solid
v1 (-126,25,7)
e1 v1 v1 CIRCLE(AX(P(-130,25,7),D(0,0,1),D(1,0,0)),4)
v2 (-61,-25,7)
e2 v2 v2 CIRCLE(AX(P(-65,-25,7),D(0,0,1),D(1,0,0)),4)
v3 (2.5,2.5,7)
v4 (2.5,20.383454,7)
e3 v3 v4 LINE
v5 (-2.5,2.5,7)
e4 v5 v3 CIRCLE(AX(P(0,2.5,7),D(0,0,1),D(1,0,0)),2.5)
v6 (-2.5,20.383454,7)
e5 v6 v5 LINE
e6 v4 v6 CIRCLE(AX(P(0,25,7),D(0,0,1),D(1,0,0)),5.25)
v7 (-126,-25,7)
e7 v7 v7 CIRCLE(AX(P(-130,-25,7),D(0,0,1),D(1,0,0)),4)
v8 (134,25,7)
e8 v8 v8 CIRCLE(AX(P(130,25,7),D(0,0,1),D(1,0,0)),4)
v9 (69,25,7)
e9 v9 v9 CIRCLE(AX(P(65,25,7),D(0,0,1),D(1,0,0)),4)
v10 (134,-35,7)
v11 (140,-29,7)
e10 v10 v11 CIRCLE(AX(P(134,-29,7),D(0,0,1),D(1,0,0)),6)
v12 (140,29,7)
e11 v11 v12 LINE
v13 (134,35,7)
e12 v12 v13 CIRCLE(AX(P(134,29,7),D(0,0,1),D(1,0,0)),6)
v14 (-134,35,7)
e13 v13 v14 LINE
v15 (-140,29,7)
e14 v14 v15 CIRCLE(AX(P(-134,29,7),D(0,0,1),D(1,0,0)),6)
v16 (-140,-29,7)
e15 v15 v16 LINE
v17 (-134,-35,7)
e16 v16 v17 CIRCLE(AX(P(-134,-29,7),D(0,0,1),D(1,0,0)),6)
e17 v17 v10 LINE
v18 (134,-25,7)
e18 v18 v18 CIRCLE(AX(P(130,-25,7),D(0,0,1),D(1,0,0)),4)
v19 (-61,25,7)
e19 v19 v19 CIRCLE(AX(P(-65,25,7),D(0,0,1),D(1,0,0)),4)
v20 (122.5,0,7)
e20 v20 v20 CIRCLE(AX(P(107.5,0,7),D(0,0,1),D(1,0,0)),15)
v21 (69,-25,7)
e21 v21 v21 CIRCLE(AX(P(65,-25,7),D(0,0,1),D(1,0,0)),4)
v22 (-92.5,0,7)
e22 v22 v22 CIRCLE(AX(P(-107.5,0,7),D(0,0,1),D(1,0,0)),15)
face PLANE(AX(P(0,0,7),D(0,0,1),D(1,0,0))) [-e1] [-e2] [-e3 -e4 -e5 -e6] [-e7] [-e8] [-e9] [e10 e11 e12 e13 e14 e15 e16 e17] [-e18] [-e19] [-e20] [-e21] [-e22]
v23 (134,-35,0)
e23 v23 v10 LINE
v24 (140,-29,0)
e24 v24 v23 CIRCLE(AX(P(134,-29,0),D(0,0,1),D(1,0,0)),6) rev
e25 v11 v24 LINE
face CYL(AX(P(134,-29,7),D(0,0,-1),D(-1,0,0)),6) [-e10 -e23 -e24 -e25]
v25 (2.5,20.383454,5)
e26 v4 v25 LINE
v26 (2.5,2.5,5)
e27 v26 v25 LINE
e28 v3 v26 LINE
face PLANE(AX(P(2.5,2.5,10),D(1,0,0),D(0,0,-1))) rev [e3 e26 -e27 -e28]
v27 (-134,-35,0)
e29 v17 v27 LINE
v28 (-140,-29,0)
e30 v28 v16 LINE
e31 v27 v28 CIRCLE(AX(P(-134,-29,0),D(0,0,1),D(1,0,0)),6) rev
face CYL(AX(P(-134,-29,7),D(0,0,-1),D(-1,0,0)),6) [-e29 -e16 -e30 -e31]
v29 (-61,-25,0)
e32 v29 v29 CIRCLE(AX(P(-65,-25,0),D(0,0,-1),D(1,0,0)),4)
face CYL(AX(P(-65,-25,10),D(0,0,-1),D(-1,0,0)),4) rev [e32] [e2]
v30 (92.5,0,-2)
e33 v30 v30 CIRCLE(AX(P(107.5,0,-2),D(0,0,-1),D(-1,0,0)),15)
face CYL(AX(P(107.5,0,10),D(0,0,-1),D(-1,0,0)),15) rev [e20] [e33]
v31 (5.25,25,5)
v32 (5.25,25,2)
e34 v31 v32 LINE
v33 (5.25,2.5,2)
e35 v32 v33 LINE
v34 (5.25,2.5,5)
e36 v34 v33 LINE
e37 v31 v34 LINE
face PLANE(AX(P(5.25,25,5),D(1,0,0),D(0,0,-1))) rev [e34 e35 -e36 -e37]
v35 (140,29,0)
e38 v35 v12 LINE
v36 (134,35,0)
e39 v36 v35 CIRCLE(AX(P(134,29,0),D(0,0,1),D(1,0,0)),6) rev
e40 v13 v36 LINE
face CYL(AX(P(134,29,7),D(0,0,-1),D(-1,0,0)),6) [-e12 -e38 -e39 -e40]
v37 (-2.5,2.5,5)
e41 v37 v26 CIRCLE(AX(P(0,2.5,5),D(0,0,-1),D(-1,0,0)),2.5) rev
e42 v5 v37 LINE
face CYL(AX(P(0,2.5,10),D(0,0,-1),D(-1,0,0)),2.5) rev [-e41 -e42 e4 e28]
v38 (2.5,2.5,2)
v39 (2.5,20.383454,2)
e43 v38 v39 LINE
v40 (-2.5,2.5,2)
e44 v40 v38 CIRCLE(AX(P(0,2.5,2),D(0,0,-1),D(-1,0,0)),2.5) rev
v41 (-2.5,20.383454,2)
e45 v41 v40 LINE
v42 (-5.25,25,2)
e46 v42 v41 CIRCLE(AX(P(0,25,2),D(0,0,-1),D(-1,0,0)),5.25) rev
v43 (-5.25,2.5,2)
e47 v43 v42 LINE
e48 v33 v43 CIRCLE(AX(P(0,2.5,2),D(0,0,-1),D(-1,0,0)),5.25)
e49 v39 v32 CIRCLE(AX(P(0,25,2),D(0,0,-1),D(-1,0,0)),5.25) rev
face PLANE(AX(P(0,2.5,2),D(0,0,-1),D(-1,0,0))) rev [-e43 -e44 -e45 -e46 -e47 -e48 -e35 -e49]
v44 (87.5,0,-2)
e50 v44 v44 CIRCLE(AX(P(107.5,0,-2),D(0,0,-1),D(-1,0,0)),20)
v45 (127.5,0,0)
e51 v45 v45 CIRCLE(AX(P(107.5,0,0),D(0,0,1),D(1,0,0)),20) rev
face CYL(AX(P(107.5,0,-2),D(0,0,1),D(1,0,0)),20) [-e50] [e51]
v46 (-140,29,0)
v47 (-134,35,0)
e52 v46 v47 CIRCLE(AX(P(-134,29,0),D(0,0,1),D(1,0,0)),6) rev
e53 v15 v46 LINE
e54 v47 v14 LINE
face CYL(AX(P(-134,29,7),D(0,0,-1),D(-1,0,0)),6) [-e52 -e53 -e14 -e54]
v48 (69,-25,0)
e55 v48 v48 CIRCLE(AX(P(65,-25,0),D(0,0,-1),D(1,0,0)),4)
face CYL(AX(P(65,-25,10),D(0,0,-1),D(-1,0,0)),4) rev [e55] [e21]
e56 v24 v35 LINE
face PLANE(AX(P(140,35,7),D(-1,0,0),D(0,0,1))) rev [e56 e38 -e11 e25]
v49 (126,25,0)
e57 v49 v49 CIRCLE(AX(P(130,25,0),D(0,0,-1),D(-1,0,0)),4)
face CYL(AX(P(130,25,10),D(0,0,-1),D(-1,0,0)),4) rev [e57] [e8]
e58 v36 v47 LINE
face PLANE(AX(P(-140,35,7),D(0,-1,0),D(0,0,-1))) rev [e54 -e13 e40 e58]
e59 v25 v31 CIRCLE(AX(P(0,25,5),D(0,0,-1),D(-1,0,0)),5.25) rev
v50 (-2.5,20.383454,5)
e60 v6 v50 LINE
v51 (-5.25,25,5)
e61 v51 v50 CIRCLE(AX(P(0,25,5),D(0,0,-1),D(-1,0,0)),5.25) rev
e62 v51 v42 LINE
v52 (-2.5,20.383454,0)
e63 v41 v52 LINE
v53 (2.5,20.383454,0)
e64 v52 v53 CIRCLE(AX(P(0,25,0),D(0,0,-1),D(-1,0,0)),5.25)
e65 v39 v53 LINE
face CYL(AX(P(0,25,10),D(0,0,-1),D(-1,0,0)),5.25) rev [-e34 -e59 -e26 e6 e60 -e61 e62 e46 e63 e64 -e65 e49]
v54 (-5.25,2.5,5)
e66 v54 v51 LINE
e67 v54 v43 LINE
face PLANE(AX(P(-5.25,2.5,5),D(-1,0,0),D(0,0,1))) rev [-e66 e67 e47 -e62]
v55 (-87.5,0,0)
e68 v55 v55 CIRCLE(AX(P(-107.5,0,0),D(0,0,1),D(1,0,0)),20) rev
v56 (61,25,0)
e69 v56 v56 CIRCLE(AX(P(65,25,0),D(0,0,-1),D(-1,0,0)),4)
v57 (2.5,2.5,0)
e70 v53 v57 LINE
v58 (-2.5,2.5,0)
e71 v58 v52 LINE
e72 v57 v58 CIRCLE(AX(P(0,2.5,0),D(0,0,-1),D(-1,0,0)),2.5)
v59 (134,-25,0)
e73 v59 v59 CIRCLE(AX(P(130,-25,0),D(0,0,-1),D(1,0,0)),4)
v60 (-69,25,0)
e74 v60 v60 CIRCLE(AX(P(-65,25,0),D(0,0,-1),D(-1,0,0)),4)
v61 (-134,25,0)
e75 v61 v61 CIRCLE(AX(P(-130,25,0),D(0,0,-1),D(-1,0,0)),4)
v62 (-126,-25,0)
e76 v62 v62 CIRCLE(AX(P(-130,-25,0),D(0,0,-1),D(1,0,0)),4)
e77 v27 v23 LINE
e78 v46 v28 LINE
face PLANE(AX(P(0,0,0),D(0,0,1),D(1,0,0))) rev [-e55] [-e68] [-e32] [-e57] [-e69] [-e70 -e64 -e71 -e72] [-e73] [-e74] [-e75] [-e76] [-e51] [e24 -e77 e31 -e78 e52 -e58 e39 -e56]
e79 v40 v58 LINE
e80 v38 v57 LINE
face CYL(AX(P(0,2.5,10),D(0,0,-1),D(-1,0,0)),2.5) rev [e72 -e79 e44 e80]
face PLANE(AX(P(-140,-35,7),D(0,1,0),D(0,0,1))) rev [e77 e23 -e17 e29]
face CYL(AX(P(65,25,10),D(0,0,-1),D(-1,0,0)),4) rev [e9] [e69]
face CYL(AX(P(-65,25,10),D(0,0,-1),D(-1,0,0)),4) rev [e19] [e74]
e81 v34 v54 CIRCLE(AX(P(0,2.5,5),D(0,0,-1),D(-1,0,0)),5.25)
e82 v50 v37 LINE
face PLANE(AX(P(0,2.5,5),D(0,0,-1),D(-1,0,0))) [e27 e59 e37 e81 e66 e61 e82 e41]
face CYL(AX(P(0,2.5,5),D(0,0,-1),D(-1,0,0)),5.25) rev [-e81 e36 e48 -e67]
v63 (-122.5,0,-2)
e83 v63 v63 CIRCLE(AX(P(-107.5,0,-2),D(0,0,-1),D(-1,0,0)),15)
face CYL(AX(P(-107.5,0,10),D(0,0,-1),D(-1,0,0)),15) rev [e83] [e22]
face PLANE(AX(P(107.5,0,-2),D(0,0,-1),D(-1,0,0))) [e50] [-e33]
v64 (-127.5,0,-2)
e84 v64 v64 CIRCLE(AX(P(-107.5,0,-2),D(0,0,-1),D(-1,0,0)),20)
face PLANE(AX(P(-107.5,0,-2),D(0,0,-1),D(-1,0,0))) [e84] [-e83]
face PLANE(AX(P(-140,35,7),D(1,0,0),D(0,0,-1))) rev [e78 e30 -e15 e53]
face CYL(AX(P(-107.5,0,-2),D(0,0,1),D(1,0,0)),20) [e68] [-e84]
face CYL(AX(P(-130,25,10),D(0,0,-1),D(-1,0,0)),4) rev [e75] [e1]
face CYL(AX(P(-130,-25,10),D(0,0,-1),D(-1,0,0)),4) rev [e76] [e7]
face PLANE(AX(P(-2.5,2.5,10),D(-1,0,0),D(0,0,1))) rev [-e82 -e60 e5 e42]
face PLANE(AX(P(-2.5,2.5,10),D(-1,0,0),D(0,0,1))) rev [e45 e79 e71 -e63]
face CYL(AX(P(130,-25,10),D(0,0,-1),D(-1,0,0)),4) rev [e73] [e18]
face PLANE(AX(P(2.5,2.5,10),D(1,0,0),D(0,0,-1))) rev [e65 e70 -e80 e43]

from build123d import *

# Parameters (mm, degrees)
SKETCH1_W           = 280
SKETCH1_H           = 70
BOSS_EXTRUDE1_DEPTH = 7
FILLET1_R           = 6
SKETCH2_R           = 15
SKETCH2_R_2         = 4
CUT_EXTRUDE1_DEPTH  = 10
BOSS_EXTRUDE2_START = 2
SKETCH3_R           = 20
SKETCH3_R_2         = 15
BOSS_EXTRUDE2_DEPTH = 2
CUT_EXTRUDE2_DEPTH  = 3


with BuildPart() as part:
    # Sketch1 → Boss-Extrude1 (new body)
    with BuildSketch(Plane.XY):
        Rectangle(SKETCH1_W, SKETCH1_H)
    extrude(amount=BOSS_EXTRUDE1_DEPTH)

    # Fillet1
    fillet1_edges = [part.edges().sort_by_distance(p)[0] for p in [
        (140, -35, 3.5),
        (-140, -35, 3.5),
        (-140, 35, 3.5),
        (140, 35, 3.5),
    ]]
    fillet(fillet1_edges, radius=FILLET1_R)

    # Sketch2 → Cut-Extrude1 (cut)
    with BuildSketch(Plane(origin=(0, 0, 0), x_dir=(-1, 0, 0), z_dir=(0, 0, -1))):
        with Locations((-107.5, 0)):
            Circle(SKETCH2_R)
        with Locations((107.5, 0)):
            Circle(SKETCH2_R)
        with Locations((130, 25)):
            Circle(SKETCH2_R_2)
        with Locations((65, 25)):
            Circle(SKETCH2_R_2)
        with Locations((-65, 25)):
            Circle(SKETCH2_R_2)
        with Locations((-130, 25)):
            Circle(SKETCH2_R_2)
        with Locations(Location((-130, -25, 0), (0, 0, 180))):
            Circle(SKETCH2_R_2)
        with Locations(Location((-65, -25, 0), (0, 0, 180))):
            Circle(SKETCH2_R_2)
        with Locations(Location((65, -25, 0), (0, 0, 180))):
            Circle(SKETCH2_R_2)
        with Locations(Location((130, -25, 0), (0, 0, 180))):
            Circle(SKETCH2_R_2)
        with BuildLine():
            Line((-2.5, 2.5), (-2.5, 20.383453672))
            ThreePointArc((-2.5, 20.383453672), (0, 30.25), (2.5, 20.383453672))
            Line((2.5, 20.383453672), (2.5, 2.5))
            ThreePointArc((2.5, 2.5), (0, 0), (-2.5, 2.5))
        make_face()
    extrude(amount=-CUT_EXTRUDE1_DEPTH, mode=Mode.SUBTRACT)

    # Sketch3 → Boss-Extrude2 (add)
    # profile 1 of 2: a face of its own
    with BuildSketch(Plane(origin=(0, 0, 0), x_dir=(-1, 0, 0), z_dir=(0, 0, -1)).offset(BOSS_EXTRUDE2_START)):
        with Locations(Location((-107.5, 0, 0), (0, 0, 180))):
            Circle(SKETCH3_R)
        with Locations((-107.5, 0)):
            Circle(SKETCH3_R_2, mode=Mode.SUBTRACT)
    # profile 2 of 2: a face of its own
    with BuildSketch(Plane(origin=(0, 0, 0), x_dir=(-1, 0, 0), z_dir=(0, 0, -1)).offset(BOSS_EXTRUDE2_START)):
        with Locations(Location((107.5, 0, 0), (0, 0, 180))):
            Circle(SKETCH3_R)
        with Locations((107.5, 0)):
            Circle(SKETCH3_R_2, mode=Mode.SUBTRACT)
    extrude(amount=-BOSS_EXTRUDE2_DEPTH)

    # Sketch4 → Cut-Extrude2 (cut)
    with BuildSketch(Plane(origin=(0, 0, 2), x_dir=(-1, 0, 0), z_dir=(0, 0, -1))):
        with BuildLine():
            Line((0, 25), (-5.25, 25))
            Line((-5.25, 25), (-5.25, 2.5))
            ThreePointArc((-5.25, 2.5), (0, -2.75), (5.25, 2.5))
            Line((5.25, 2.5), (5.25, 25))
            Line((5.25, 25), (0, 25))
        make_face()
    extrude(amount=-CUT_EXTRUDE2_DEPTH, mode=Mode.SUBTRACT)


solid = part.part
